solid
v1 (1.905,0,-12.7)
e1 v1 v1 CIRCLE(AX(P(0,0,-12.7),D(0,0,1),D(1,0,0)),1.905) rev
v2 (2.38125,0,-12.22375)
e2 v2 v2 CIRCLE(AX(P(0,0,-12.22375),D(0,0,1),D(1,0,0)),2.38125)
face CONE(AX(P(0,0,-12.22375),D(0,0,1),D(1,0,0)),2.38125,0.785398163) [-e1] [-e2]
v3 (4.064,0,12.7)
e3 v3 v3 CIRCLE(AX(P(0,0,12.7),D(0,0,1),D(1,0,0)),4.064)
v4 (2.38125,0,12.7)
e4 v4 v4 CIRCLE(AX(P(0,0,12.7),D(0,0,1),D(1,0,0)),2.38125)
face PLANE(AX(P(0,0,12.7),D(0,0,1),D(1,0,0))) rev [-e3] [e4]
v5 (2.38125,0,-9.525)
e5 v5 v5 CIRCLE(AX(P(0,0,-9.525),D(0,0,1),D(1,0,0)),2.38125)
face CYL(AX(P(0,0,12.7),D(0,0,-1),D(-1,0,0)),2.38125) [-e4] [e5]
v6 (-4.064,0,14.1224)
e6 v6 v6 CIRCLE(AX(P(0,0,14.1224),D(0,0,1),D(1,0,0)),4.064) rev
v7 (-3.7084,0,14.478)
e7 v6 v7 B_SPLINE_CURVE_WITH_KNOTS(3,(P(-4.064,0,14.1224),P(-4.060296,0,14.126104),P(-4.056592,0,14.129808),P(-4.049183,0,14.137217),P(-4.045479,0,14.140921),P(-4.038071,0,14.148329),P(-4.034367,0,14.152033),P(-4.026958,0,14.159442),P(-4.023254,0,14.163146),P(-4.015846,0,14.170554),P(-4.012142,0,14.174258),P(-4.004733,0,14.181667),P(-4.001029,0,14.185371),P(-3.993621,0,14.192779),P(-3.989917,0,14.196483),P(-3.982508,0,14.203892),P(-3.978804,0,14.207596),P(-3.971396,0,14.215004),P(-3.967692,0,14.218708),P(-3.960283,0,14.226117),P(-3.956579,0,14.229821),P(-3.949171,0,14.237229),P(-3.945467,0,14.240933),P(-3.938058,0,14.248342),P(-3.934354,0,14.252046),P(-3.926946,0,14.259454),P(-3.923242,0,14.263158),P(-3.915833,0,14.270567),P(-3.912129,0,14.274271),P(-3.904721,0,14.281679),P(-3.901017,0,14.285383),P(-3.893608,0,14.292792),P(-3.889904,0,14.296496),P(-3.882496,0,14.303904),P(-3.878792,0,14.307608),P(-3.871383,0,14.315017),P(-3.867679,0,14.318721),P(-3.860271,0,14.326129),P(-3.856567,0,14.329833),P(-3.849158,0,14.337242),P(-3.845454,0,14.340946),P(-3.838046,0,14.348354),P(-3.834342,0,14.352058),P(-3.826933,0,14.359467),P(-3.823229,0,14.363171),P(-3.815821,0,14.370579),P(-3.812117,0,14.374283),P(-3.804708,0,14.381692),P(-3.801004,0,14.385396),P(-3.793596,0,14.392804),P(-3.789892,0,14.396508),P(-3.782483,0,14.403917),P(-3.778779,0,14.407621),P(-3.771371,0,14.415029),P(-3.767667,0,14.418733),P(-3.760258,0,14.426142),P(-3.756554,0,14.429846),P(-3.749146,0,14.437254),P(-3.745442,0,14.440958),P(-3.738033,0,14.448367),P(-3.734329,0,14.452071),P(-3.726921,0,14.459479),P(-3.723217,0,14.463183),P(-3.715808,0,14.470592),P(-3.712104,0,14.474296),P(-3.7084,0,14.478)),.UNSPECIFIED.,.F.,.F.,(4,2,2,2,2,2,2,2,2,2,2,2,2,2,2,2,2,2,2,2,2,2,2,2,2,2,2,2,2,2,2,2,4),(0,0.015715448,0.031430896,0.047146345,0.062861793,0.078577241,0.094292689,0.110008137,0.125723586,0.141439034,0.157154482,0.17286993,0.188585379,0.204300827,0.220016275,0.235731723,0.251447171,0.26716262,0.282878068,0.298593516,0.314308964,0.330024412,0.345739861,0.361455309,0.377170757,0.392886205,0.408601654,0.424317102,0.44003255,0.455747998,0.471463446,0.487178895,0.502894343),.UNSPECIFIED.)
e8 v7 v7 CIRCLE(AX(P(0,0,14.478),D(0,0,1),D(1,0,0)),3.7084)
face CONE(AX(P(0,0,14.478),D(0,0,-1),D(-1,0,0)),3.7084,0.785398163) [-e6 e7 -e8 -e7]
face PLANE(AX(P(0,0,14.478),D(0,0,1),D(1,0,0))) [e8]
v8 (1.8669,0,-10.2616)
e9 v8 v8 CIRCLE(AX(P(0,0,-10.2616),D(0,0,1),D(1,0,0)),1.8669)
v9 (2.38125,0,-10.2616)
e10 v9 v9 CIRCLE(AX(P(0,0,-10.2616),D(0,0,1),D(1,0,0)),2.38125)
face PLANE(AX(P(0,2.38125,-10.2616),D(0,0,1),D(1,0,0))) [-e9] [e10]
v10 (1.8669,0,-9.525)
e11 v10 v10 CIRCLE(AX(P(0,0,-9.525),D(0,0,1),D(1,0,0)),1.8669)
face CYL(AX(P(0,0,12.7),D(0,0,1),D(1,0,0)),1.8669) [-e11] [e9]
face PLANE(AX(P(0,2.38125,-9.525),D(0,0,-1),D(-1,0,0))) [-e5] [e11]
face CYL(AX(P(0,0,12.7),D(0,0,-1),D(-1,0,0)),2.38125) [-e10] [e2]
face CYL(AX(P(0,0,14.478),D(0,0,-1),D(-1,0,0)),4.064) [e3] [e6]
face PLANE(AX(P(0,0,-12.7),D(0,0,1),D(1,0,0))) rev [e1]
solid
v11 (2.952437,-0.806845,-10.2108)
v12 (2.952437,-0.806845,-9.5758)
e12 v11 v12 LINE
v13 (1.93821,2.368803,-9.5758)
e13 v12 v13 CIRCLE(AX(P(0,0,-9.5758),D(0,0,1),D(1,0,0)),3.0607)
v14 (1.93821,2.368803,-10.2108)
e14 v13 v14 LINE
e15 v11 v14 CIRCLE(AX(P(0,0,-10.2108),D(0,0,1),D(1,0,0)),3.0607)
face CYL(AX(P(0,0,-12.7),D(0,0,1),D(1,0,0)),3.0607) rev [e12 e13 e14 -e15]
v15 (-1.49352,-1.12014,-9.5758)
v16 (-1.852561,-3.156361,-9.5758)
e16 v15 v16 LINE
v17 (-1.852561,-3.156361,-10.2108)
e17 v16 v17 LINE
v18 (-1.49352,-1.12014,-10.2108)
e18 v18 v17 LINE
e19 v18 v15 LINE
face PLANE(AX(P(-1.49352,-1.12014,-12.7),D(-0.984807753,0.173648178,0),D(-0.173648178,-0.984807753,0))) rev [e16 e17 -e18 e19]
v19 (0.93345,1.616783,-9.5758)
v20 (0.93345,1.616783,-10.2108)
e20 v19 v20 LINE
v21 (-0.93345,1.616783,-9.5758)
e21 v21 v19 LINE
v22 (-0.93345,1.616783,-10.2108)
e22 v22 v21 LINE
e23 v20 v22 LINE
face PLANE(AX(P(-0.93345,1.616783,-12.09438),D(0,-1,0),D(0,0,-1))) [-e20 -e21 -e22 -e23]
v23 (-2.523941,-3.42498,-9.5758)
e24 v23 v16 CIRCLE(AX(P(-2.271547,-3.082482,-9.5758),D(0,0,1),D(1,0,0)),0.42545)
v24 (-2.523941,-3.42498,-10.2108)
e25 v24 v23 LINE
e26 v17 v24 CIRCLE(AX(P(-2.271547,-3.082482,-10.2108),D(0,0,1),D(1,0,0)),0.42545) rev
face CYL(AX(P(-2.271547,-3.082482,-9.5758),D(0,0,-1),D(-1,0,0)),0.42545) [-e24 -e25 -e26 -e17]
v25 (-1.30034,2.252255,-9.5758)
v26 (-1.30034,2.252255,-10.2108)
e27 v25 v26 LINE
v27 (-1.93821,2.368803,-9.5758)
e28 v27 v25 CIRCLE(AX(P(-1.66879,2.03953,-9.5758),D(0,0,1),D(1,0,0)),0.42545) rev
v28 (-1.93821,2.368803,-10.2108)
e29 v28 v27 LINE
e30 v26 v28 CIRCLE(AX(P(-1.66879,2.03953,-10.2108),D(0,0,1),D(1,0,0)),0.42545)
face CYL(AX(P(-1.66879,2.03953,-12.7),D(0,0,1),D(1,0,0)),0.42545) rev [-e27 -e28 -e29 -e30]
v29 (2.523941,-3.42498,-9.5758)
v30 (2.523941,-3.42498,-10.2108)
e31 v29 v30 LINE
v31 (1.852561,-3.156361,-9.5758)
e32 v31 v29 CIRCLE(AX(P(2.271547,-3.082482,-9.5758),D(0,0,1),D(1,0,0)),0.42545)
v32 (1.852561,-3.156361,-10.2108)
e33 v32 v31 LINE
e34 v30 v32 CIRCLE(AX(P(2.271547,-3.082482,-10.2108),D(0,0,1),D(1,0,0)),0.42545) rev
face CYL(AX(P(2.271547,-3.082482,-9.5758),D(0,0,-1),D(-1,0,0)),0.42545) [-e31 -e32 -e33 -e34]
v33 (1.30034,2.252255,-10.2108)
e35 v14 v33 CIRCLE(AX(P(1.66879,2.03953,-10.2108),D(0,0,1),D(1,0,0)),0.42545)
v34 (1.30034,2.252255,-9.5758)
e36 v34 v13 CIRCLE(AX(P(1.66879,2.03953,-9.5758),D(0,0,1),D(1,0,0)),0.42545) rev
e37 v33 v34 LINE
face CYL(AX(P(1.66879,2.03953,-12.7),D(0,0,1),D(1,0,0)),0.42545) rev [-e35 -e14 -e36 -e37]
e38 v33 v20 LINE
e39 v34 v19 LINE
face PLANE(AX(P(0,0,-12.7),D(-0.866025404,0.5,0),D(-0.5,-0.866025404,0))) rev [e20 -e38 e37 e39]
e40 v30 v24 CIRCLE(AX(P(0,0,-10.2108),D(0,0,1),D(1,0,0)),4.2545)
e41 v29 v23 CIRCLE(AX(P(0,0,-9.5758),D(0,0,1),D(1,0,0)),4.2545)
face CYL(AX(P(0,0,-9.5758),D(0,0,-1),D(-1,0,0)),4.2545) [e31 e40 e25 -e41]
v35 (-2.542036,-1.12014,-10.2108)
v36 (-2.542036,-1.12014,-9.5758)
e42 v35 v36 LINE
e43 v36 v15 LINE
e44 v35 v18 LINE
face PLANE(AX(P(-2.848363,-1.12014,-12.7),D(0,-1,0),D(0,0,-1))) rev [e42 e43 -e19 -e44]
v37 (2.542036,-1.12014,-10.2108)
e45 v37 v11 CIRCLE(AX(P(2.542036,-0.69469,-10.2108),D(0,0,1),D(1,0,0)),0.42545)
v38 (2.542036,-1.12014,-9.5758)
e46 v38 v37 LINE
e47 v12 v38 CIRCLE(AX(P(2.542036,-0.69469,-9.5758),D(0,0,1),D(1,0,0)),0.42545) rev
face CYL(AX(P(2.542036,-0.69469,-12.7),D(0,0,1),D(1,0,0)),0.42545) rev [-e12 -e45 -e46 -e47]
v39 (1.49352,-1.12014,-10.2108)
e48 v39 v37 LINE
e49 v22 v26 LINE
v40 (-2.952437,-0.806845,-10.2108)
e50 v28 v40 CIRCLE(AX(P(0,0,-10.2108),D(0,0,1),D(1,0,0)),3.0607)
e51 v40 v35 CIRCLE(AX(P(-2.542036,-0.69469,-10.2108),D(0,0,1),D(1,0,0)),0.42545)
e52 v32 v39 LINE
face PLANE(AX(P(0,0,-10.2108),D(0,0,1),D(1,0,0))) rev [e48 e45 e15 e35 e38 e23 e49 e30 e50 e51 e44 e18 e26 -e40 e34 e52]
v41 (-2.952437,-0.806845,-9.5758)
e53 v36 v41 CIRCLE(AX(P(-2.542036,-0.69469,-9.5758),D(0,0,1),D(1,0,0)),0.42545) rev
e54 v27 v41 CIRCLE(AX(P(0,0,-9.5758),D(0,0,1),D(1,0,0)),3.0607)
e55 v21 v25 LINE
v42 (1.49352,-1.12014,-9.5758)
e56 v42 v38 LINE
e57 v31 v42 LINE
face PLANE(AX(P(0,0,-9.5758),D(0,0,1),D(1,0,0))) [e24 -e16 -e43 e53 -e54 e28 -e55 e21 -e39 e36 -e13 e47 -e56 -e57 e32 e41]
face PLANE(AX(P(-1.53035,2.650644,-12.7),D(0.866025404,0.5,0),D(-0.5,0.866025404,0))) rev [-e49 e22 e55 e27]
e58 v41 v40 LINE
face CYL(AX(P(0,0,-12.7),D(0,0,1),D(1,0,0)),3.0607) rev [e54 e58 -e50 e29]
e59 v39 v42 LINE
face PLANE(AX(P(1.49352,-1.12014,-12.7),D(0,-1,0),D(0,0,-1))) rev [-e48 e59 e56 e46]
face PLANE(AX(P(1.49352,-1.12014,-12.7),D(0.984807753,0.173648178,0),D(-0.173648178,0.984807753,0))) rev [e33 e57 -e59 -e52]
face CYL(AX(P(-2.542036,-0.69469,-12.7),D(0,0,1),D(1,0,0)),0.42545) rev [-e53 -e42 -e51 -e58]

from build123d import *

# Parameters (mm, degrees)
SKETCH2_R      = 2.38125
EXTRUDE1_DEPTH = 12.7
SKETCH3_W      = 0.7366
SKETCH3_H      = 0.51435
SKETCH8_R      = 4.064
EXTRUDE6_DEPTH = 1.778
CHAMFER2_SIZE  = 0.3556
SKETCH4_R      = 4.2545
SKETCH4_R_2    = 1.8669
EXTRUDE2_DEPTH = 0.3175
EXTRUDE4_DEPTH = 16.678457338
EXTRUDE5_DEPTH = 0.635
FILLET1_R      = 0.42545
CHAMFER1_SIZE  = 0.47625


with BuildPart() as part:
    # Sketch2 → Extrude1 (new, symmetric)
    with BuildSketch(Plane.XY):
        Circle(SKETCH2_R)
    extrude(amount=EXTRUDE1_DEPTH, both=True)

    # Sketch3 → Cut-Revolve1 (revolve, cut)
    with BuildSketch(Plane(origin=(0, 0, 0), x_dir=(0, 0, -1), z_dir=(1, 0, 0)), mode=Mode.PRIVATE) as cut_revolve1_sk:
        with Locations((9.8933, 2.124075)):
            Rectangle(SKETCH3_W, SKETCH3_H)
    revolve(cut_revolve1_sk.sketch.rotate(Axis((0, 0, 12.7), (0, 0, -1)), 90), axis=Axis((0, 0, 12.7), (0, 0, -1)), mode=Mode.SUBTRACT)

    # Sketch8 → Extrude6 (add)
    with BuildSketch(Plane.XY.offset(12.7)):
        Circle(SKETCH8_R)
    extrude(amount=EXTRUDE6_DEPTH)

    # Chamfer2
    chamfer2_edges = [part.edges().sort_by_distance(p)[0] for p in [
        (-4.064, 0, 14.478),
    ]]
    chamfer(chamfer2_edges, length=CHAMFER2_SIZE)

    # Chamfer1
    chamfer1_edges = [part.edges().sort_by_distance(p)[0] for p in [
        (-2.38125, 0, -12.7),
    ]]
    chamfer(chamfer1_edges, length=CHAMFER1_SIZE)


with BuildPart() as body_2:
    # Sketch4 → Extrude2 (new, symmetric)
    with BuildSketch(Plane.XY.offset(-9.8933)):
        Circle(SKETCH4_R)
        Circle(SKETCH4_R_2, mode=Mode.SUBTRACT)
    extrude(amount=EXTRUDE2_DEPTH, both=True)

    # Sketch5 → Extrude4 (cut, through all)
    with BuildSketch(Plane.XY):
        with BuildLine():
            Line((-1.53035, 2.650643953), (0, 0))
            Line((0, 0), (1.53035, 2.650643953))
            ThreePointArc((1.53035, 2.650643953), (2.889287878, 1.00990101), (2.84836284, -1.12014))
            Line((2.84836284, -1.12014), (1.49352, -1.12014))
            Line((1.49352, -1.12014), (1.96168838, -3.775254819))
            ThreePointArc((1.96168838, -3.775254819), (0, -4.2545), (-1.96168838, -3.775254819))
            Line((-1.96168838, -3.775254819), (-1.49352, -1.12014))
            Line((-1.49352, -1.12014), (-2.84836284, -1.12014))
            ThreePointArc((-2.84836284, -1.12014), (-2.889287878, 1.00990101), (-1.53035, 2.650643953))
        make_face()
    extrude(amount=-EXTRUDE4_DEPTH, mode=Mode.SUBTRACT)

    # Sketch6 → Extrude5 (add)
    with BuildSketch(Plane.XY.offset(-9.5758)):
        with BuildLine():
            Line((-0.93345, 1.616782826), (0.93345, 1.616782826))
            ThreePointArc((0.93345, 1.616782826), (0, 1.8669), (-0.93345, 1.616782826))
        make_face()
    extrude(amount=-EXTRUDE5_DEPTH)

    # Fillet1
    fillet1_edges = [body_2.edges().sort_by_distance(p)[0] for p in [
        (1.53035, 2.650643953, -9.8933),
        (1.96168838, -3.775254819, -9.8933),
        (-2.84836284, -1.12014, -9.8933),
        (2.84836284, -1.12014, -9.8933),
        (-1.96168838, -3.775254819, -9.8933),
        (-1.53035, 2.650643953, -9.8933),
    ]]
    fillet(fillet1_edges, radius=FILLET1_R)


solid = Compound([part.part, body_2.part])
